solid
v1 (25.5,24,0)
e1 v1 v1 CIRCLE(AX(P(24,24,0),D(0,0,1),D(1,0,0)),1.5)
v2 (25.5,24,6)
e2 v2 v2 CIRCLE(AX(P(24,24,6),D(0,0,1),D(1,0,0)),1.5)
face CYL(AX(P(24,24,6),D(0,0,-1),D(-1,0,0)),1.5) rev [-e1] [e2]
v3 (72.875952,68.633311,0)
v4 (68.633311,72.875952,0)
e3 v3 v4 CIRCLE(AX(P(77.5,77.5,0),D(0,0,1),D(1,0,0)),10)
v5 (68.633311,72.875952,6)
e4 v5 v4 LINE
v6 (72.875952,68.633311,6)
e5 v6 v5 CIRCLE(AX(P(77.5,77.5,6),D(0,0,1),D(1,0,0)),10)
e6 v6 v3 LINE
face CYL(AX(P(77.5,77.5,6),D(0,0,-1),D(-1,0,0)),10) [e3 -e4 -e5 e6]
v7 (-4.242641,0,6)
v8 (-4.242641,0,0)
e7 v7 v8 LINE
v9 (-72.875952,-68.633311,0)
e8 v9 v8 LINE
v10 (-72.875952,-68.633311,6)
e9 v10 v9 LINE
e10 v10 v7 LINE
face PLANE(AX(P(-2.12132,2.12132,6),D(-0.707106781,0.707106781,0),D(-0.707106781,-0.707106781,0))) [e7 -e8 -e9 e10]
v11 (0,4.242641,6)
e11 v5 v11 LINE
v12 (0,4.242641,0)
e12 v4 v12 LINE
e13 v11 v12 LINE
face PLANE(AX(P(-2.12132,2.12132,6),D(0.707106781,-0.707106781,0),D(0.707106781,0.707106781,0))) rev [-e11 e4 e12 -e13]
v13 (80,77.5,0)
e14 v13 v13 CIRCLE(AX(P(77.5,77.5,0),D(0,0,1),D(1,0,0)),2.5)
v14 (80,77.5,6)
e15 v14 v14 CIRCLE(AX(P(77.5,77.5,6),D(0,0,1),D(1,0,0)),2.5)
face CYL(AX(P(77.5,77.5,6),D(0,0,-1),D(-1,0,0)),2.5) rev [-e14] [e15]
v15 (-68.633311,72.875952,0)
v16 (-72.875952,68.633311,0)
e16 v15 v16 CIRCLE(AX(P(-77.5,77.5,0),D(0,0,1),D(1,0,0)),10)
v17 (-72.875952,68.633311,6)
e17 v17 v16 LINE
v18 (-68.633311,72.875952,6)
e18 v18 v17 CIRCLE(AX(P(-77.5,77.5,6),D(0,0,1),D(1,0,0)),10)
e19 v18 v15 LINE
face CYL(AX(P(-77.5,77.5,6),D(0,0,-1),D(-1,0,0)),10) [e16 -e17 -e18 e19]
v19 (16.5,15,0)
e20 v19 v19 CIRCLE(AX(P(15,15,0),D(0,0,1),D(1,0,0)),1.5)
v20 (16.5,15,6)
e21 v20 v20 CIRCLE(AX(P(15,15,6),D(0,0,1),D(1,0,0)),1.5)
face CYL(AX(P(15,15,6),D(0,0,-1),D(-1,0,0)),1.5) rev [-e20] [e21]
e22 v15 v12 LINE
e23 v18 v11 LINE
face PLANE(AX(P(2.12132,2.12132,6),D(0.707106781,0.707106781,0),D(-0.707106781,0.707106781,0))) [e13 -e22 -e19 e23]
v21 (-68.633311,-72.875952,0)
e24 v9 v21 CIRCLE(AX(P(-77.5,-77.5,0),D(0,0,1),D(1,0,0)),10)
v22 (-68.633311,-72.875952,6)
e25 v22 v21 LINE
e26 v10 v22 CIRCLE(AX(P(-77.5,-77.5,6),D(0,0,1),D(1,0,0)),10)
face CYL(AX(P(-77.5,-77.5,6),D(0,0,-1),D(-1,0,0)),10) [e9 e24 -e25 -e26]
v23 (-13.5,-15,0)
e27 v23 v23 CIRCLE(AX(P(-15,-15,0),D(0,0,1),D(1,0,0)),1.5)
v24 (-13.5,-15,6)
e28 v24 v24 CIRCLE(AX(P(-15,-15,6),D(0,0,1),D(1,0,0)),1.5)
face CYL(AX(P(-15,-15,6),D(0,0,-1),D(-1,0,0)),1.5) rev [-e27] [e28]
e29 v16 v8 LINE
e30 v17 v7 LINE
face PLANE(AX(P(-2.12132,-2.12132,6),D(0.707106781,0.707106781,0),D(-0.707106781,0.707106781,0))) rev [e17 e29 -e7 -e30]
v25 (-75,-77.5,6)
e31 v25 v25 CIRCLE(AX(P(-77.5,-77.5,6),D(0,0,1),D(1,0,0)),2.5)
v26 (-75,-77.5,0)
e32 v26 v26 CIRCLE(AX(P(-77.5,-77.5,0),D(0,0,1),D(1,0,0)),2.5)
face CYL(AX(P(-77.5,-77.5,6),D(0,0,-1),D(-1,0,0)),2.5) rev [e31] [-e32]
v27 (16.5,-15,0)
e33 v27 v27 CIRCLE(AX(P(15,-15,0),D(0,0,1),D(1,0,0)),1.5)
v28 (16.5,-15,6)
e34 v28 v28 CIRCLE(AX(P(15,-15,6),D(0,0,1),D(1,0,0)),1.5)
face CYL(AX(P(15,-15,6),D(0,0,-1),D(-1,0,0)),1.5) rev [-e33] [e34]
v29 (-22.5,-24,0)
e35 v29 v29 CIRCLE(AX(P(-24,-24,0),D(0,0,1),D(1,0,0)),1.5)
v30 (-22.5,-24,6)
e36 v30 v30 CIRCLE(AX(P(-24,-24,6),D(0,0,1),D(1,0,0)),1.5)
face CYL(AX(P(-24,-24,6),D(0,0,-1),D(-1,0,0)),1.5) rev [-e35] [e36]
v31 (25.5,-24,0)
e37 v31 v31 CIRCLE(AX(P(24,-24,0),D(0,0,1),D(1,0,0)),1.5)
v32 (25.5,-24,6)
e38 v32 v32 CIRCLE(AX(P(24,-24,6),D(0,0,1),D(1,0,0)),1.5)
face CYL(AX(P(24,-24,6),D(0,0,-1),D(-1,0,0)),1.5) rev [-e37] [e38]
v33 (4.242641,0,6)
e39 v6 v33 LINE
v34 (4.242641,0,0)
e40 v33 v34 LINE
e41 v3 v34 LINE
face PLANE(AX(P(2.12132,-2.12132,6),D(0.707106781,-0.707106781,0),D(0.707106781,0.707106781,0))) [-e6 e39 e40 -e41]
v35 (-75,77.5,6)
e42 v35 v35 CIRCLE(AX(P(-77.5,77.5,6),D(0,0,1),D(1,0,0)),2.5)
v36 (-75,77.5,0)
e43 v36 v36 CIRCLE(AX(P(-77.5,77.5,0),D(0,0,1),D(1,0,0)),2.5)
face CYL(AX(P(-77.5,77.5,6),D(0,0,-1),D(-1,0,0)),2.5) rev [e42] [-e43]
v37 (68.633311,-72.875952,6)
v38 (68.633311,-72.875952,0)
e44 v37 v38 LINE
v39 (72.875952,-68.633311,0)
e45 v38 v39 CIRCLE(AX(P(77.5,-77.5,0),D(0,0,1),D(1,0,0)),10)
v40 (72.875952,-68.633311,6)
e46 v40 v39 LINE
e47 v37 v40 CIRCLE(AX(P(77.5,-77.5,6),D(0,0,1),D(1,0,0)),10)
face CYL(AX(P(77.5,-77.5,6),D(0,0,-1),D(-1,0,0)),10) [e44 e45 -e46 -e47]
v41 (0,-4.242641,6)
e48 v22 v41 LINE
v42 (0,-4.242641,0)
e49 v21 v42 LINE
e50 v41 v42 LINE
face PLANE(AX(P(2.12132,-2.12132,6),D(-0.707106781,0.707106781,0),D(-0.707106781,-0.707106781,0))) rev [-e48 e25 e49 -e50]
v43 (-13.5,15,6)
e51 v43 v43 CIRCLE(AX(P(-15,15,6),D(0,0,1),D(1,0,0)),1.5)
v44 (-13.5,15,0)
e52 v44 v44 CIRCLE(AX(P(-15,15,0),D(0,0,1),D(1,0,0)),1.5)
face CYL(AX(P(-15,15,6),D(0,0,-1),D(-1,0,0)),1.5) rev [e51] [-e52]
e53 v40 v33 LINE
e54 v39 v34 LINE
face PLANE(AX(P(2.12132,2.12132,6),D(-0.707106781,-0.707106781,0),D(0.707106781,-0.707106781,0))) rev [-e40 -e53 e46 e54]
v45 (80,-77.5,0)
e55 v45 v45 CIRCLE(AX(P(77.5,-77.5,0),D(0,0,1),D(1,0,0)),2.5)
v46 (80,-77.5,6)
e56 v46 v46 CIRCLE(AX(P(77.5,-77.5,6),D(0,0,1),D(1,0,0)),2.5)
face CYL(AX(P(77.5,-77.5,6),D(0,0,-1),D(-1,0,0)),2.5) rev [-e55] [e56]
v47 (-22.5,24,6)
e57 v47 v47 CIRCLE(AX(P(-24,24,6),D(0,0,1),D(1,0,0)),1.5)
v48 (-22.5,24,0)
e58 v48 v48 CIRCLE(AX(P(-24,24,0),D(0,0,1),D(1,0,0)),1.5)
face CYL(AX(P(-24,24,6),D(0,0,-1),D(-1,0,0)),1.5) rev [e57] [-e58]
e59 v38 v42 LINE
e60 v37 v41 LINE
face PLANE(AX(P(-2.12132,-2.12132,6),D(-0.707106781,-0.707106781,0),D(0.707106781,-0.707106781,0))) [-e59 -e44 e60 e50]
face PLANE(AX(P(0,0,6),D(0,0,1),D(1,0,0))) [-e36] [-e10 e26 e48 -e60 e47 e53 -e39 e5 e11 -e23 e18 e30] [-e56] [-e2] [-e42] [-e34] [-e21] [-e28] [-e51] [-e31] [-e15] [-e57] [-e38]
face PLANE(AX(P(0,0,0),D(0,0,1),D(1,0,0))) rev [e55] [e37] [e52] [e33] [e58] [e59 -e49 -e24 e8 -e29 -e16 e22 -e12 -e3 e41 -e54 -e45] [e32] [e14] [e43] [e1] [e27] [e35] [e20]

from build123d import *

# Parameters (mm, degrees)
SKETCH1_R           = 2.5
SKETCH1_R_2         = 1.5
BOSS_EXTRUDE1_DEPTH = 6


with BuildPart() as part:
    # Sketch1 → Boss-Extrude1 (new body)
    with BuildSketch(Plane.XY):
        with BuildLine():
            Line((-72.875951562, -68.633310875), (-4.242640687, 0))
            Line((-4.242640687, 0), (-72.875951562, 68.633310875))
            ThreePointArc((-72.875951562, 68.633310875), (-84.571067812, 84.571067812), (-68.633310875, 72.875951562))
            Line((-68.633310875, 72.875951562), (0, 4.242640687))
            Line((0, 4.242640687), (68.633310875, 72.875951562))
            ThreePointArc((68.633310875, 72.875951562), (84.571067812, 84.571067812), (72.875951562, 68.633310875))
            Line((72.875951562, 68.633310875), (4.242640687, 0))
            Line((4.242640687, 0), (72.875951562, -68.633310875))
            ThreePointArc((72.875951562, -68.633310875), (84.571067812, -84.571067812), (68.633310875, -72.875951562))
            Line((68.633310875, -72.875951562), (0, -4.242640687))
            Line((0, -4.242640687), (-68.633310875, -72.875951562))
            ThreePointArc((-68.633310875, -72.875951562), (-84.571067812, -84.571067812), (-72.875951562, -68.633310875))
        make_face()
        with Locations((-77.5, -77.5)):
            Circle(SKETCH1_R, mode=Mode.SUBTRACT)
        with Locations((-15, -15)):
            Circle(SKETCH1_R_2, mode=Mode.SUBTRACT)
        with Locations((-24, -24)):
            Circle(SKETCH1_R_2, mode=Mode.SUBTRACT)
        with Locations((-24, 24)):
            Circle(SKETCH1_R_2, mode=Mode.SUBTRACT)
        with Locations((-15, 15)):
            Circle(SKETCH1_R_2, mode=Mode.SUBTRACT)
        with Locations((-77.5, 77.5)):
            Circle(SKETCH1_R, mode=Mode.SUBTRACT)
        with Locations((24, 24)):
            Circle(SKETCH1_R_2, mode=Mode.SUBTRACT)
        with Locations((15, 15)):
            Circle(SKETCH1_R_2, mode=Mode.SUBTRACT)
        with Locations((77.5, 77.5)):
            Circle(SKETCH1_R, mode=Mode.SUBTRACT)
        with Locations((24, -24)):
            Circle(SKETCH1_R_2, mode=Mode.SUBTRACT)
        with Locations((15, -15)):
            Circle(SKETCH1_R_2, mode=Mode.SUBTRACT)
        with Locations((77.5, -77.5)):
            Circle(SKETCH1_R, mode=Mode.SUBTRACT)
    extrude(amount=BOSS_EXTRUDE1_DEPTH)


solid = part.part
